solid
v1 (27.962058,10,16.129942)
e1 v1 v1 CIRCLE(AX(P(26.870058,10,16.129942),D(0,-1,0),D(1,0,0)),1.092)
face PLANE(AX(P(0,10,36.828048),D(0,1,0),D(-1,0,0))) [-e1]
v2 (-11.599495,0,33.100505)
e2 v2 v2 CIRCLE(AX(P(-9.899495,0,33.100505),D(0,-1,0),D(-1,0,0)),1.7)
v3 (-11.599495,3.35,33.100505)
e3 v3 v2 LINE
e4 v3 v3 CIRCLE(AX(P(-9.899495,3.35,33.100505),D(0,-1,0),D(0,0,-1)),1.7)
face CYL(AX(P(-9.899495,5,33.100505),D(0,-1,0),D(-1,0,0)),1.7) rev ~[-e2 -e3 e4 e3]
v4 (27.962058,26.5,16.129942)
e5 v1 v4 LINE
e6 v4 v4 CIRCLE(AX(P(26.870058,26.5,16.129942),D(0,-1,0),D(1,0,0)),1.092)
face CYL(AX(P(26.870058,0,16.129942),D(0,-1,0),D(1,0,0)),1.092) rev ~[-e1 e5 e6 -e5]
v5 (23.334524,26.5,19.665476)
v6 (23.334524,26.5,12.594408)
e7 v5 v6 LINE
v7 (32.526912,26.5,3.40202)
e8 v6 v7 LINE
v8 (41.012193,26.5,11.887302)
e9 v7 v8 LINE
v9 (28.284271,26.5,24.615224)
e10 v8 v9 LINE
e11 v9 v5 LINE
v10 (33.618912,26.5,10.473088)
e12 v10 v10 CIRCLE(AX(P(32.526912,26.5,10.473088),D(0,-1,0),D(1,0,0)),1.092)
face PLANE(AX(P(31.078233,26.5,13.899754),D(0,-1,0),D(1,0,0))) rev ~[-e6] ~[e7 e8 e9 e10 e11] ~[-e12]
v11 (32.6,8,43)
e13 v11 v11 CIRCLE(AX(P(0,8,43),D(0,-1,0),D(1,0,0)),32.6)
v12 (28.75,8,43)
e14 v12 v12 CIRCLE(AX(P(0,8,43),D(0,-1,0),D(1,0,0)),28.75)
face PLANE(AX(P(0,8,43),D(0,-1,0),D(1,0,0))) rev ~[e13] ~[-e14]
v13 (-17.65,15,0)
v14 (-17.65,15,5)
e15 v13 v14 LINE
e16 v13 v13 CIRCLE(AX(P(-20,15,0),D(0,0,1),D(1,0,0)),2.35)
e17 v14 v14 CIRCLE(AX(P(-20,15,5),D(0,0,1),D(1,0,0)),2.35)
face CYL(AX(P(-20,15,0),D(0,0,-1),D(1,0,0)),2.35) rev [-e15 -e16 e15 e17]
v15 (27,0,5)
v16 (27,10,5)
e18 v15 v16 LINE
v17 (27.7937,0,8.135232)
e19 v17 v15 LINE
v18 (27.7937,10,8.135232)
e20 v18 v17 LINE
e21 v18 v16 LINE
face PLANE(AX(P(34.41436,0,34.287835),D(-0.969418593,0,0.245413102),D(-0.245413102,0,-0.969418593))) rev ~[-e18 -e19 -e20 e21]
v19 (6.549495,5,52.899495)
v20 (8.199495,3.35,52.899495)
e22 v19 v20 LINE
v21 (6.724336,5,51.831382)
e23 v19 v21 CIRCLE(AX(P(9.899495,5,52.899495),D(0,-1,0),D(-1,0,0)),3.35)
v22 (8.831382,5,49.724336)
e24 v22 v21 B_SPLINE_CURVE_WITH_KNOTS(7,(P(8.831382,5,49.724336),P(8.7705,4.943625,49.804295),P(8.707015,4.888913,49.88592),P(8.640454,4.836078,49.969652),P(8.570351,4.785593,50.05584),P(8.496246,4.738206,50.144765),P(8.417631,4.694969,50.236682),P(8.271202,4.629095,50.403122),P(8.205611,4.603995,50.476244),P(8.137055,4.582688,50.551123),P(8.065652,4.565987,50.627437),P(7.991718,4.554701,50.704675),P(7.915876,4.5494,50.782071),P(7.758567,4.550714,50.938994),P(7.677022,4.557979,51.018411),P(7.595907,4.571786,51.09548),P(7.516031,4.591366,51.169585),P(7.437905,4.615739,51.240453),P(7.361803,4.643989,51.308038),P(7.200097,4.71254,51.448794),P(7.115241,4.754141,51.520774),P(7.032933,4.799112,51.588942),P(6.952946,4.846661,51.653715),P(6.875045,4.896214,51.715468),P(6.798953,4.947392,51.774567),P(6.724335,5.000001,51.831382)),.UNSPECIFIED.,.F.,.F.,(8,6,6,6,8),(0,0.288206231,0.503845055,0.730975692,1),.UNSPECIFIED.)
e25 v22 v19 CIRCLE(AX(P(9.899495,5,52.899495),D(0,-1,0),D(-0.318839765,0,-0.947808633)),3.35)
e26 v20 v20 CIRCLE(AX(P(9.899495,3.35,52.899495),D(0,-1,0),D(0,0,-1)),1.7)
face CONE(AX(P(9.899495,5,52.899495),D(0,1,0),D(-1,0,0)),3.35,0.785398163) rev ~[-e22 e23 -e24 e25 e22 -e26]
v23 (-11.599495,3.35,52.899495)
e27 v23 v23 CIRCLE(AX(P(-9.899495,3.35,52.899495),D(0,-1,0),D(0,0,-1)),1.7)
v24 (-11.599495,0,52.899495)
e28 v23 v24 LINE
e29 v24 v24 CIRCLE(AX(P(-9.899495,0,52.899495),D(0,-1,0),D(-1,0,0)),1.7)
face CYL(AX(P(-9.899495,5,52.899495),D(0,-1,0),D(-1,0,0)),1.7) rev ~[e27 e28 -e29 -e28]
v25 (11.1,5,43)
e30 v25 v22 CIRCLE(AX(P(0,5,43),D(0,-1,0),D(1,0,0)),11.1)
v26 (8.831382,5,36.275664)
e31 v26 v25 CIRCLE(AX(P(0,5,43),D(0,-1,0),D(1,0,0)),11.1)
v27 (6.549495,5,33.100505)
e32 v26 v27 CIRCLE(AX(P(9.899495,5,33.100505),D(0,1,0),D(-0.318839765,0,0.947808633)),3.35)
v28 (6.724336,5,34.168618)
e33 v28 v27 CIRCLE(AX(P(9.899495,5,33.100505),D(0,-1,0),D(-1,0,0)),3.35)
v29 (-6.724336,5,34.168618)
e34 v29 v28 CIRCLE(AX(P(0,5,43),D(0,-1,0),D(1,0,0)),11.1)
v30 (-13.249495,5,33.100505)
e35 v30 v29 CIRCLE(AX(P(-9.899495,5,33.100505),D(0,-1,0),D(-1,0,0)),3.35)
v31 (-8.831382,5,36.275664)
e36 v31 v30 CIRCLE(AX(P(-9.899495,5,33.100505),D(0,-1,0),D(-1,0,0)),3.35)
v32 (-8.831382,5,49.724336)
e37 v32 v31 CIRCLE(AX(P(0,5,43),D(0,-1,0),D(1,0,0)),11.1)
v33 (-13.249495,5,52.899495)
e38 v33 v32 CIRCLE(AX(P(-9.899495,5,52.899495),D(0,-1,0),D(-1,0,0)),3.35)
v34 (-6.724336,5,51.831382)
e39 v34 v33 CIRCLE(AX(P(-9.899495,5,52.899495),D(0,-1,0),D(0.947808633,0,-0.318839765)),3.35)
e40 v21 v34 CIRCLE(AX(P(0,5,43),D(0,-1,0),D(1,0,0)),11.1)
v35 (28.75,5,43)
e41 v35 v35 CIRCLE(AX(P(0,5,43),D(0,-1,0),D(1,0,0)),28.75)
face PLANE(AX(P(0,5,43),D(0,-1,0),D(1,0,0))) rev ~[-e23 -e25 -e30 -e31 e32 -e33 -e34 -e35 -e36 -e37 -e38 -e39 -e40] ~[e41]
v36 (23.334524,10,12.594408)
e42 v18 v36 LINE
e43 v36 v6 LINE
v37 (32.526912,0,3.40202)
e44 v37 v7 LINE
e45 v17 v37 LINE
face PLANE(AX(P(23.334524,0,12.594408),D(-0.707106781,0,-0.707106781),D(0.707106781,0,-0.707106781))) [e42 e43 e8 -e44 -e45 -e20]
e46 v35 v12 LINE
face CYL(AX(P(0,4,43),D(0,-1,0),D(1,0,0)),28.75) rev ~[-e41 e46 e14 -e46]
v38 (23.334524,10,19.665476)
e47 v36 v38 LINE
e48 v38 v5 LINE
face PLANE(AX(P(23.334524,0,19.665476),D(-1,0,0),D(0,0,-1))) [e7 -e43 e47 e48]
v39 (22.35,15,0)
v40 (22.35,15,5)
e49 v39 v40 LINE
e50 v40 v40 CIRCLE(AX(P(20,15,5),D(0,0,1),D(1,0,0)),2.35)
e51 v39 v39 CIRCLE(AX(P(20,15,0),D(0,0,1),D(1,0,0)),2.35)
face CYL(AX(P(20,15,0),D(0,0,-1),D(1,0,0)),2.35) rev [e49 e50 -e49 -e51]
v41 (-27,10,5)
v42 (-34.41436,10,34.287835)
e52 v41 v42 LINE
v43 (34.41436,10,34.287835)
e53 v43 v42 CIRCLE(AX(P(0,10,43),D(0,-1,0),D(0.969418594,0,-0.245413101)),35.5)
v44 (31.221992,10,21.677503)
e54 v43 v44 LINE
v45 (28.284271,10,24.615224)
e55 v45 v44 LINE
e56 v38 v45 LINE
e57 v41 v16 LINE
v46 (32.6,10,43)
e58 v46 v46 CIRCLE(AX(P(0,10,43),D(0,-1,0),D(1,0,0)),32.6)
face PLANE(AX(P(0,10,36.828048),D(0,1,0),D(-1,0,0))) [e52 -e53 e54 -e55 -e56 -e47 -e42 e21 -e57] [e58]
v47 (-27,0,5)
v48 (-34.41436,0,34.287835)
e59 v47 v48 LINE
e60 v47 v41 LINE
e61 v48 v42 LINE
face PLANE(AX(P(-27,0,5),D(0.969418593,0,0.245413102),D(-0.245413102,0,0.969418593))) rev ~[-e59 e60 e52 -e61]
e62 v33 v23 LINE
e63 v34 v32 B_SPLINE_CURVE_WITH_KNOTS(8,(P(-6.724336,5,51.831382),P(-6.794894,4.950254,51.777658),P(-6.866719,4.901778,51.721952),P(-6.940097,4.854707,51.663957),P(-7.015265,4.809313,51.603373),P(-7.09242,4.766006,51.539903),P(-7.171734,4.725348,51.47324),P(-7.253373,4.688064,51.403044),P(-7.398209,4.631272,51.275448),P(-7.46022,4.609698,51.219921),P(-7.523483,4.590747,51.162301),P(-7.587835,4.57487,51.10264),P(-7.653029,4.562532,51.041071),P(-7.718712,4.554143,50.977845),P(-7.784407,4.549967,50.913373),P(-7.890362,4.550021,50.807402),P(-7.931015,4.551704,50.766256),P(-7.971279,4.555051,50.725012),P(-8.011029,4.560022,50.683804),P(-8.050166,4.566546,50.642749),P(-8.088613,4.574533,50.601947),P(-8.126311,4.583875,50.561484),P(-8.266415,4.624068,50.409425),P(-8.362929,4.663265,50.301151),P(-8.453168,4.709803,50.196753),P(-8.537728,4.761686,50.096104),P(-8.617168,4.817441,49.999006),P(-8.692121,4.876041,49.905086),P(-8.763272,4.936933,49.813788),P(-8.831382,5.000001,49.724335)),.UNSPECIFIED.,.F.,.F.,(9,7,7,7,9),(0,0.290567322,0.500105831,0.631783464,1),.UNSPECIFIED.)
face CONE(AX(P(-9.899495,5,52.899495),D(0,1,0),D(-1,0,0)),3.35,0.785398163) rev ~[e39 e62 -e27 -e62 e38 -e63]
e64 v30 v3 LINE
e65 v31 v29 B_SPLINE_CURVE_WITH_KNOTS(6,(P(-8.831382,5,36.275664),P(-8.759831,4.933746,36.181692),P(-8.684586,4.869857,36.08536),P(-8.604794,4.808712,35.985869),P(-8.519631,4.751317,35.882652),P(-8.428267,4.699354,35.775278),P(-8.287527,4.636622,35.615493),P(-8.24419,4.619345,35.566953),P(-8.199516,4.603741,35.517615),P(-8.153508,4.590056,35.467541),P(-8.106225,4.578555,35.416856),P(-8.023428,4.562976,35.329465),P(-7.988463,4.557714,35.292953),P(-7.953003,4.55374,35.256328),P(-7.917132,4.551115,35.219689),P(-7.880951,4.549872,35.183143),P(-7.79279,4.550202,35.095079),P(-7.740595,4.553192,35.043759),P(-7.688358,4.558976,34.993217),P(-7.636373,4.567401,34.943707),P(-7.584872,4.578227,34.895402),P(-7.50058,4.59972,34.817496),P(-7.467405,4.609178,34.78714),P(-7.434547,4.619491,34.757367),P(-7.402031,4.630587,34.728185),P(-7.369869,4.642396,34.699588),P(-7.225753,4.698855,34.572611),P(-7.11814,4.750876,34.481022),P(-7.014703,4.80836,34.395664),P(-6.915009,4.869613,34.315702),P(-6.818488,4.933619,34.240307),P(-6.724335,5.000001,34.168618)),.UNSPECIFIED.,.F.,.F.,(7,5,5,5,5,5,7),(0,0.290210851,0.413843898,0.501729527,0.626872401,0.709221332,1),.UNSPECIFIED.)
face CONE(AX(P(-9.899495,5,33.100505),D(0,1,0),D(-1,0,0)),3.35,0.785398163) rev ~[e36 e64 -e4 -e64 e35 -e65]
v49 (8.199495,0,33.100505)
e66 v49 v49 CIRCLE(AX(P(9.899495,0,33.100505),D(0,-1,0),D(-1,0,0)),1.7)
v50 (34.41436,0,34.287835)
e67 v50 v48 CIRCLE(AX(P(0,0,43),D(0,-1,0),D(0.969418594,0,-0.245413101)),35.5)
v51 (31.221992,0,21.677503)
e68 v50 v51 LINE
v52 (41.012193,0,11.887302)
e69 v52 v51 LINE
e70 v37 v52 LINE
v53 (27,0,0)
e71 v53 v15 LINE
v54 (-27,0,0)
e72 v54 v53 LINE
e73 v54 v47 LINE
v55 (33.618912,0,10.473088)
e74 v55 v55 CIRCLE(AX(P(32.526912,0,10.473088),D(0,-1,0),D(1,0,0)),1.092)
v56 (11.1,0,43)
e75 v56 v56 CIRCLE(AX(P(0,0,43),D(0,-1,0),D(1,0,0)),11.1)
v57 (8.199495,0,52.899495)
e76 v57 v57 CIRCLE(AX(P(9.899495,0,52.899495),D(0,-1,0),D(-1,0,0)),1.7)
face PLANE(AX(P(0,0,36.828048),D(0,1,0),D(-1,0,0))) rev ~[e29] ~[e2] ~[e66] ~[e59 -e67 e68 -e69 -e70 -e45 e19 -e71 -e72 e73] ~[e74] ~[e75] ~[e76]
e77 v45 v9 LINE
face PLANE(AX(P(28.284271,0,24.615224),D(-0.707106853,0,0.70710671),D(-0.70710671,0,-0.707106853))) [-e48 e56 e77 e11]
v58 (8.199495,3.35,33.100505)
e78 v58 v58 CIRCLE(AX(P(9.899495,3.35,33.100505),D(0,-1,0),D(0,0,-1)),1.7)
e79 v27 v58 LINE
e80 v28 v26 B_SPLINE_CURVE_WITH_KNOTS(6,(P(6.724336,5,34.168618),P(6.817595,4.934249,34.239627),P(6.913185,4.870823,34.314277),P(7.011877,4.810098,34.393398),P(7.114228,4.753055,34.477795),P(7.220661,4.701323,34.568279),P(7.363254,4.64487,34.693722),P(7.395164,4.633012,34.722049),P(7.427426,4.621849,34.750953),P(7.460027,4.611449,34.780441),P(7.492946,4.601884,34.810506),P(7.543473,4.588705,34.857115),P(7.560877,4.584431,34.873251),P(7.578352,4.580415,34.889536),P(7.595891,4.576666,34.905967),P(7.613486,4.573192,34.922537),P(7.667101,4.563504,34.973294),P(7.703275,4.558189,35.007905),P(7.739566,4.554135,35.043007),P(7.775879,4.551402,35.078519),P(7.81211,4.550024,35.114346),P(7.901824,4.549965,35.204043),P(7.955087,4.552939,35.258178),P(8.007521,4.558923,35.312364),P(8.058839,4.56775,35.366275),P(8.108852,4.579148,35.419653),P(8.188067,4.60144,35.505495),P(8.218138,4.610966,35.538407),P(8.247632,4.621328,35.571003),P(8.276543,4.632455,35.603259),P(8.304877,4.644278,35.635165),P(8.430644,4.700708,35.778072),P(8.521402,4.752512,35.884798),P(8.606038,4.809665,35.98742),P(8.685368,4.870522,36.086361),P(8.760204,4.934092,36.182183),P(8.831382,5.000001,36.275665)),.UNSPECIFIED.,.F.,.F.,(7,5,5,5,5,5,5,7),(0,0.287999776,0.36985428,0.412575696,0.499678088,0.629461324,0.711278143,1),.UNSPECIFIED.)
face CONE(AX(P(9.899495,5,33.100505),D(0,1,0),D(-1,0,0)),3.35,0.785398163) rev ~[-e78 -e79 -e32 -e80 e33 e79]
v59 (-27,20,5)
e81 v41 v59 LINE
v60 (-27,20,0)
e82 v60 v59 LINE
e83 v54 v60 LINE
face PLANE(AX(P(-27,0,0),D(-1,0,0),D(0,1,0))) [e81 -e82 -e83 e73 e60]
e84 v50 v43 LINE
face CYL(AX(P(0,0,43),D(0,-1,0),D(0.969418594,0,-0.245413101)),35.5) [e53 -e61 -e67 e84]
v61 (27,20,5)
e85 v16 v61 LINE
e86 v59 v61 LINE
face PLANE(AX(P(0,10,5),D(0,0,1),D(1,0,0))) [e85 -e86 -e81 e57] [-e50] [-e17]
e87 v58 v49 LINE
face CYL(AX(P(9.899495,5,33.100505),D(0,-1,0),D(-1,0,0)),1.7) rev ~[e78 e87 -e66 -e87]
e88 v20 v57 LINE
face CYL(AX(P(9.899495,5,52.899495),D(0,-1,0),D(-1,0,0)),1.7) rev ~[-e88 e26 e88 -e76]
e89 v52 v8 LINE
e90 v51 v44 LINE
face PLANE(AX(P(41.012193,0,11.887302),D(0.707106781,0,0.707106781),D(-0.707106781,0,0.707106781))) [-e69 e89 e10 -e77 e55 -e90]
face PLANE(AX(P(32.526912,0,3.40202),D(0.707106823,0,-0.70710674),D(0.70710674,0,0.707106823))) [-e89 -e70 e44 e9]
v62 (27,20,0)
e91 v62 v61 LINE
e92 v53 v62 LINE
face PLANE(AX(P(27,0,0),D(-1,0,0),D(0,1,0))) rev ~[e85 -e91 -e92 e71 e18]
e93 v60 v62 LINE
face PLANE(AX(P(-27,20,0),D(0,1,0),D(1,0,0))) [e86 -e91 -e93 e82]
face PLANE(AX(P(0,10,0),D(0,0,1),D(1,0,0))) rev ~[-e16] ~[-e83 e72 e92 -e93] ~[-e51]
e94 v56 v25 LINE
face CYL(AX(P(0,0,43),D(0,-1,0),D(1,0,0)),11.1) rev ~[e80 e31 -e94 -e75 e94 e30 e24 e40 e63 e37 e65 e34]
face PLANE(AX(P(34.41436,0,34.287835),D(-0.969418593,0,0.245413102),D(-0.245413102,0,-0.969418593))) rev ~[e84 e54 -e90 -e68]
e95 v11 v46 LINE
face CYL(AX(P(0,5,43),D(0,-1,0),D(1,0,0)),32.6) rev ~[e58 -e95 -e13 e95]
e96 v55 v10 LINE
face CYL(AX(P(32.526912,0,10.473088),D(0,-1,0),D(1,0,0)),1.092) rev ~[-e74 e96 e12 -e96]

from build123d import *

# Parameters (mm, degrees)
SKETCH016_W         = 54
SKETCH016_H         = 20
SKETCH016_R         = 2.35
PAD010_DEPTH        = 5
SKETCH019_R         = 11.1
SKETCH019_R_2       = 1.65
PAD009_DEPTH        = 10
SKETCH017_R         = 32.6
POCKET006_DEPTH     = 15.001
SKETCH076_R         = 32.6
SKETCH076_R_2       = 28.75
PAD049_DEPTH        = 4
SKETCH090_R         = 1.092
PAD055_DEPTH        = 26.5
HOLE009_D           = 3.4
HOLE009_CSINK_D     = 6.7
HOLE009_CSINK_ANGLE = 90


with BuildPart() as part:
    # Sketch016 → Pad010 (new body)
    with BuildSketch(Plane.XY):
        with Locations((0, 10)):
            Rectangle(SKETCH016_W, SKETCH016_H)
        with Locations((-20, 15)):
            Circle(SKETCH016_R, mode=Mode.SUBTRACT)
        with Locations((20, 15)):
            Circle(SKETCH016_R, mode=Mode.SUBTRACT)
    extrude(amount=PAD010_DEPTH)

    # Sketch019 → Pad009 (join)
    with BuildSketch(Plane.XZ):
        with BuildLine():
            Line((-27, 5), (-34.41436, 34.287835))
            ThreePointArc((34.41436, 34.287835), (0, 78.5), (-34.41436, 34.287835))
            Line((34.41436, 34.287835), (27, 5))
            Line((-27, 5), (27, 5))
        make_face()
        with Locations((0, 43)):
            Circle(SKETCH019_R, mode=Mode.SUBTRACT)
        with Locations((9.899495, 52.899495)):
            Circle(SKETCH019_R_2, mode=Mode.SUBTRACT)
        with Locations((-9.899495, 52.899495)):
            Circle(SKETCH019_R_2, mode=Mode.SUBTRACT)
        with Locations((9.899495, 33.100505)):
            Circle(SKETCH019_R_2, mode=Mode.SUBTRACT)
        with Locations((-9.899495, 33.100505)):
            Circle(SKETCH019_R_2, mode=Mode.SUBTRACT)
    extrude(amount=-PAD009_DEPTH)

    # Sketch017 → Pocket006 (cut, through all)
    with BuildSketch(Plane.XZ.offset(-5)):
        with Locations((0, 43)):
            Circle(SKETCH017_R)
    extrude(amount=-POCKET006_DEPTH, mode=Mode.SUBTRACT)

    # Sketch076 → Pad049 (join)
    with BuildSketch(Plane.XZ.offset(-4)):
        with Locations((0, 43)):
            Circle(SKETCH076_R)
        with Locations((0, 43)):
            Circle(SKETCH076_R_2, mode=Mode.SUBTRACT)
    extrude(amount=-PAD049_DEPTH)

    # Sketch090 → Pad055 (join)
    with BuildSketch(Plane.XZ):
        Polygon((28.284271, 24.615224), (23.334524, 19.665476), (23.334524, 12.594408), (32.526912, 3.40202), (41.012193, 11.887302), align=None)
        with Locations((32.526912, 10.473088)):
            Circle(SKETCH090_R, mode=Mode.SUBTRACT)
        with Locations((26.870058, 16.129942)):
            Circle(SKETCH090_R, mode=Mode.SUBTRACT)
    extrude(amount=-PAD055_DEPTH)

    # Hole009 (through all)
    with Locations(Plane(origin=(0, 5, 0), x_dir=(1, 0, 0), z_dir=(0, 1, 0))):
        with Locations((-9.899495, -52.899495), (9.899495, -52.899495), (9.899495, -33.100505), (-9.899495, -33.100505)):
            CounterSinkHole(HOLE009_D / 2, HOLE009_CSINK_D / 2, counter_sink_angle=HOLE009_CSINK_ANGLE)


solid = part.part
